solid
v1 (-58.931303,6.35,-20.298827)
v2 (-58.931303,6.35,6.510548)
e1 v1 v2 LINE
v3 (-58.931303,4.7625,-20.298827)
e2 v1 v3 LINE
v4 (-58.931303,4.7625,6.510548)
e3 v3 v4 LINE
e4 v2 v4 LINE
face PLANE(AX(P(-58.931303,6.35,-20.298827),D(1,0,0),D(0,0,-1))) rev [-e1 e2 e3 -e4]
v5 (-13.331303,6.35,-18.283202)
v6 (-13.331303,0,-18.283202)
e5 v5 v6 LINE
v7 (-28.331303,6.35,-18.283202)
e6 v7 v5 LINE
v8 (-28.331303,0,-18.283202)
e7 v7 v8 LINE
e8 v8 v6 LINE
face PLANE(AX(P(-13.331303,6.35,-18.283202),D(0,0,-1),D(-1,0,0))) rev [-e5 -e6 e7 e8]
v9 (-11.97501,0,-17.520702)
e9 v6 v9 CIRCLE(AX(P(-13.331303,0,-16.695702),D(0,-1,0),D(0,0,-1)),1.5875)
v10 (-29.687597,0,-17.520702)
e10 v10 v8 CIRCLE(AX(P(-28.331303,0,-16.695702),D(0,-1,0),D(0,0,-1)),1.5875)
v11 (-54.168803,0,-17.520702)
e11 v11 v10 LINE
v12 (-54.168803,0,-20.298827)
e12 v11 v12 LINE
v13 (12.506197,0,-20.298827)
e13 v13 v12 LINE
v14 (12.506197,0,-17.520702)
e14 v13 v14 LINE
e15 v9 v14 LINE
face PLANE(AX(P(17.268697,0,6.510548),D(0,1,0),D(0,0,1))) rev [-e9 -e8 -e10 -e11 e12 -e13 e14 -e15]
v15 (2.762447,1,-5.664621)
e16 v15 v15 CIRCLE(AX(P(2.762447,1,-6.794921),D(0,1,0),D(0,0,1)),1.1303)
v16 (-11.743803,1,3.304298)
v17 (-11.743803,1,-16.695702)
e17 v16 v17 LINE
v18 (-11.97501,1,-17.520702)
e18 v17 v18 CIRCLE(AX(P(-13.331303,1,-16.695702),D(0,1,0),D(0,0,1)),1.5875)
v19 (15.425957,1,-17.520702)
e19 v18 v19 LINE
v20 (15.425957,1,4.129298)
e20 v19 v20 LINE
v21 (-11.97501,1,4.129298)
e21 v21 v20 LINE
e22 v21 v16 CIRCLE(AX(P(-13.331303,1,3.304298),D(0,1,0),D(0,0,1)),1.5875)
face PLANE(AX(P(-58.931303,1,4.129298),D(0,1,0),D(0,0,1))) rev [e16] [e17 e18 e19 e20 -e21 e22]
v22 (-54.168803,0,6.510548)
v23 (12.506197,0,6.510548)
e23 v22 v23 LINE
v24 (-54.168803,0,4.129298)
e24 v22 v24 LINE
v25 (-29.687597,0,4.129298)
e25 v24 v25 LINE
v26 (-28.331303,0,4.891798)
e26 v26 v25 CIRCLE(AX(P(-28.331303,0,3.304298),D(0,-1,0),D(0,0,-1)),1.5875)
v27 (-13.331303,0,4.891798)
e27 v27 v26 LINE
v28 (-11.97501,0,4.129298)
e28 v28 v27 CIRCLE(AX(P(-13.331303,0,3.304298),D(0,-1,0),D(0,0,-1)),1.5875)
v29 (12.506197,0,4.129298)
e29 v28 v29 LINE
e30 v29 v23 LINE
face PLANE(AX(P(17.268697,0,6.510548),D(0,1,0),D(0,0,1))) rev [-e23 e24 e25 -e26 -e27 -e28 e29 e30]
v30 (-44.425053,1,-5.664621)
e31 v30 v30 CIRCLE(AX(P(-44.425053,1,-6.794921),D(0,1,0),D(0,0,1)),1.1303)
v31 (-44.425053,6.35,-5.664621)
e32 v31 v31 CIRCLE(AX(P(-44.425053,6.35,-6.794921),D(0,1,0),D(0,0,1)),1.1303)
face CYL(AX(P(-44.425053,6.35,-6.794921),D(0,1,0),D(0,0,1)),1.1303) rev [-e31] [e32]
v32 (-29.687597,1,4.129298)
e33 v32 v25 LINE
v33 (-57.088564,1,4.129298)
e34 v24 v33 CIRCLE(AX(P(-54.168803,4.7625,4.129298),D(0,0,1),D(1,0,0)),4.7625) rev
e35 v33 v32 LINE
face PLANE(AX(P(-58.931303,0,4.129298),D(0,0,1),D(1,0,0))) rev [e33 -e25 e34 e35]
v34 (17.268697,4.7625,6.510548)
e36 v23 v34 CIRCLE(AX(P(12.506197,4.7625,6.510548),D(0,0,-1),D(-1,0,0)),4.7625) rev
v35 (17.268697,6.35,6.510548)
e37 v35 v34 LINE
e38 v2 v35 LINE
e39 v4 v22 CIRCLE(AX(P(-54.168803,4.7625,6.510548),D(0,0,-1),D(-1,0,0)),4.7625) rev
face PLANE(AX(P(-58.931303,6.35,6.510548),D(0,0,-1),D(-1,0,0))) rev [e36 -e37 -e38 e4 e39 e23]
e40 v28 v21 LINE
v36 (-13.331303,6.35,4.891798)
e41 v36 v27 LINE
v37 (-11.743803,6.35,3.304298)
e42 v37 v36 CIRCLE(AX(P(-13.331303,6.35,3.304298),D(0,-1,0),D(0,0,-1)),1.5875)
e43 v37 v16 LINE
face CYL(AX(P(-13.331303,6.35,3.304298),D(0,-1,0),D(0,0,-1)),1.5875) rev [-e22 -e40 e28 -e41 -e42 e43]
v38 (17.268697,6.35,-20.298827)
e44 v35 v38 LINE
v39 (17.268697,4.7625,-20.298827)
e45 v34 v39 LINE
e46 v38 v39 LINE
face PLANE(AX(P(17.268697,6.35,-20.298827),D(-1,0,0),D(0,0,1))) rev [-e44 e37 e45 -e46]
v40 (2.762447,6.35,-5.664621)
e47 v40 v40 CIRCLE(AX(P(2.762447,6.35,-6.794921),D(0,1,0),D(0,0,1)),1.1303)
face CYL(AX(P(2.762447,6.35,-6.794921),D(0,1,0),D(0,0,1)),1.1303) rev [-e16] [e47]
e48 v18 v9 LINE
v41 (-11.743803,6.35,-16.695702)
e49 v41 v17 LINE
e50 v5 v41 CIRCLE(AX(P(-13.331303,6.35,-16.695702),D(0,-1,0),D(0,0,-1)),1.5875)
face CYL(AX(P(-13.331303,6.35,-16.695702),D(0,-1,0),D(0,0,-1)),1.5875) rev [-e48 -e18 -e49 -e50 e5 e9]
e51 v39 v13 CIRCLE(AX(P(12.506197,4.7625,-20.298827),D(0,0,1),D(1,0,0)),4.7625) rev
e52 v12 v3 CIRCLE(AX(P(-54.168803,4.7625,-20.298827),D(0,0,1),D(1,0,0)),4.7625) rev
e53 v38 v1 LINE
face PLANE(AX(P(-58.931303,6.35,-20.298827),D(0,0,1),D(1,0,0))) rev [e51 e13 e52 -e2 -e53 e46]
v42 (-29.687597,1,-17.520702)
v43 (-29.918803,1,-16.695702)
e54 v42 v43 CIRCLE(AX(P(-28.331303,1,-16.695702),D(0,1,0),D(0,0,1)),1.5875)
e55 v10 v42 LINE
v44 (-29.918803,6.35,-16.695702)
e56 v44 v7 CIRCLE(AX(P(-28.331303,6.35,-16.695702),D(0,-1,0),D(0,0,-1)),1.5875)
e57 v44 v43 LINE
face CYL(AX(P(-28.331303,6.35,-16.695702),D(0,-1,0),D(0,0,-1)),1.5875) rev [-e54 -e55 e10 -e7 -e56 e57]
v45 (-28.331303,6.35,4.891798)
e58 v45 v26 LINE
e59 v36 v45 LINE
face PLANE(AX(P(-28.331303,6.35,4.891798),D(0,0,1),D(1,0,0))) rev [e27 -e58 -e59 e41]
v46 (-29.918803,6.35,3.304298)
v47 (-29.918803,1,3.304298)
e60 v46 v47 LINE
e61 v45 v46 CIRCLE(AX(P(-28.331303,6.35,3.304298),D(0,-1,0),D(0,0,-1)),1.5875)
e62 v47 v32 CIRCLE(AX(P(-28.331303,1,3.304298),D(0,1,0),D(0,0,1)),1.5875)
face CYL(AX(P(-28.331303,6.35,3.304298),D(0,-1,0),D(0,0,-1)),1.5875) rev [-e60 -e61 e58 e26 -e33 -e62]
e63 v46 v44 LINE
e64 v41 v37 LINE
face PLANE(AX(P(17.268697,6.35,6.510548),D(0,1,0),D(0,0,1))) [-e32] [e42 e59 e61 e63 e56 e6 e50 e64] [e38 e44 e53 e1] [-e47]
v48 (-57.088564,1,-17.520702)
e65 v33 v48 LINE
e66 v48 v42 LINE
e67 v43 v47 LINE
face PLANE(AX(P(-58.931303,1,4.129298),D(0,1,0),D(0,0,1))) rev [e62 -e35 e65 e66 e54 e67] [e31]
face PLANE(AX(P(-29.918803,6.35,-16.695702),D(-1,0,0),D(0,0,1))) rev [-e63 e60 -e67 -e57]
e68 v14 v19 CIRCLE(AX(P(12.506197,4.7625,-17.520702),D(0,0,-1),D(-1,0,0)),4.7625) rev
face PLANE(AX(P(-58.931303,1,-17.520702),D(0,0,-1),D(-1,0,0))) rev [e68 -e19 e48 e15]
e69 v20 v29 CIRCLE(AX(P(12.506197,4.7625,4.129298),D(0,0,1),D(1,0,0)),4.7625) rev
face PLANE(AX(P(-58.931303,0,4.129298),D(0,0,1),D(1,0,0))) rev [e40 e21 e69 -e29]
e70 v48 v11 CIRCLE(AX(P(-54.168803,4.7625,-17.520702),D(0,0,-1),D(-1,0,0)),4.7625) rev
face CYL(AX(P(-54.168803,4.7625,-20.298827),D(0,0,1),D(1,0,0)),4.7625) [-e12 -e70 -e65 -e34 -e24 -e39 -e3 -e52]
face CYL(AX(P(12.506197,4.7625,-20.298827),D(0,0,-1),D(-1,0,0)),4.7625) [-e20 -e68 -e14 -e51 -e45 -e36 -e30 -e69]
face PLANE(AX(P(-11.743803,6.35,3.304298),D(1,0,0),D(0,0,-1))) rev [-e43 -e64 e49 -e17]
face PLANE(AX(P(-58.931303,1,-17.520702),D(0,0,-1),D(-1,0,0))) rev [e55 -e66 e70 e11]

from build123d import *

# Parameters (mm, degrees)
SKETCH1_W               = 76.2
SKETCH1_H               = 26.809375
BOSS_EXTRUDE1_DEPTH     = 6.35
FILLET1_R               = 4.7625
SKETCH2_W               = 21.65
SKETCH2_H               = 1
CUT_EXTRUDE1_DEPTH      = 80.112608871
CUT_EXTRUDE2_DEPTH      = 63.558479955
CUT_EXTRUDE2_DEPTH_BACK = 63.558479955
F_4_40_TAPPED_HOLE1_D   = 2.2606


with BuildPart() as part:
    # Sketch1 → Boss-Extrude1 (new body)
    with BuildSketch(Plane(origin=(0, 0, 0), x_dir=(1, 0, 0), z_dir=(0, 1, 0))):
        with Locations((-20.831303498, 6.894139619)):
            Rectangle(SKETCH1_W, SKETCH1_H)
    extrude(amount=BOSS_EXTRUDE1_DEPTH)

    # Fillet1
    fillet1_edges = [part.edges().sort_by_distance(p)[0] for p in [
        (-58.931303498, 0, -6.894139619),
        (17.268696502, 0, -6.894139619),
    ]]
    fillet(fillet1_edges, radius=FILLET1_R)

    # Sketch2 → Cut-Extrude1 (cut, through all)
    with BuildSketch(Plane(origin=(17.268696502, 0, 0), x_dir=(0, 0, -1), z_dir=(1, 0, 0))):
        with Locations((6.695702119, 0.5)):
            Rectangle(SKETCH2_W, SKETCH2_H)
    extrude(amount=-CUT_EXTRUDE1_DEPTH, mode=Mode.SUBTRACT)

    # Sketch3 → Cut-Extrude2 (cut, two sides: drawn at the far end of the back side and taken through both)
    with BuildSketch(Plane.XZ.offset(-1).offset(-CUT_EXTRUDE2_DEPTH_BACK)):
        with BuildLine():
            Line((-11.743803498, 3.304297881), (-11.743803498, -16.695702119))
            ThreePointArc((-11.743803498, -16.695702119), (-12.208771483, -17.818234134), (-13.331303498, -18.283202119))
            Line((-13.331303498, -18.283202119), (-28.331303498, -18.283202119))
            ThreePointArc((-28.331303498, -18.283202119), (-29.453835513, -17.818234134), (-29.918803498, -16.695702119))
            Line((-29.918803498, -16.695702119), (-29.918803498, 3.304297881))
            ThreePointArc((-29.918803498, 3.304297881), (-29.453835513, 4.426829896), (-28.331303498, 4.891797881))
            Line((-28.331303498, 4.891797881), (-13.331303498, 4.891797881))
            ThreePointArc((-13.331303498, 4.891797881), (-12.208771483, 4.426829896), (-11.743803498, 3.304297881))
        make_face()
    extrude(amount=CUT_EXTRUDE2_DEPTH + CUT_EXTRUDE2_DEPTH_BACK, mode=Mode.SUBTRACT)

    # #4-40 Tapped Hole1 (through all)
    with Locations(Plane(origin=(0, 6.35, 0), x_dir=(-1, 0, 0), z_dir=(0, 1, 0))):
        with Locations((44.425053498, -6.794920869), (-2.762446502, -6.794920869)):
            Hole(F_4_40_TAPPED_HOLE1_D / 2)


solid = part.part
